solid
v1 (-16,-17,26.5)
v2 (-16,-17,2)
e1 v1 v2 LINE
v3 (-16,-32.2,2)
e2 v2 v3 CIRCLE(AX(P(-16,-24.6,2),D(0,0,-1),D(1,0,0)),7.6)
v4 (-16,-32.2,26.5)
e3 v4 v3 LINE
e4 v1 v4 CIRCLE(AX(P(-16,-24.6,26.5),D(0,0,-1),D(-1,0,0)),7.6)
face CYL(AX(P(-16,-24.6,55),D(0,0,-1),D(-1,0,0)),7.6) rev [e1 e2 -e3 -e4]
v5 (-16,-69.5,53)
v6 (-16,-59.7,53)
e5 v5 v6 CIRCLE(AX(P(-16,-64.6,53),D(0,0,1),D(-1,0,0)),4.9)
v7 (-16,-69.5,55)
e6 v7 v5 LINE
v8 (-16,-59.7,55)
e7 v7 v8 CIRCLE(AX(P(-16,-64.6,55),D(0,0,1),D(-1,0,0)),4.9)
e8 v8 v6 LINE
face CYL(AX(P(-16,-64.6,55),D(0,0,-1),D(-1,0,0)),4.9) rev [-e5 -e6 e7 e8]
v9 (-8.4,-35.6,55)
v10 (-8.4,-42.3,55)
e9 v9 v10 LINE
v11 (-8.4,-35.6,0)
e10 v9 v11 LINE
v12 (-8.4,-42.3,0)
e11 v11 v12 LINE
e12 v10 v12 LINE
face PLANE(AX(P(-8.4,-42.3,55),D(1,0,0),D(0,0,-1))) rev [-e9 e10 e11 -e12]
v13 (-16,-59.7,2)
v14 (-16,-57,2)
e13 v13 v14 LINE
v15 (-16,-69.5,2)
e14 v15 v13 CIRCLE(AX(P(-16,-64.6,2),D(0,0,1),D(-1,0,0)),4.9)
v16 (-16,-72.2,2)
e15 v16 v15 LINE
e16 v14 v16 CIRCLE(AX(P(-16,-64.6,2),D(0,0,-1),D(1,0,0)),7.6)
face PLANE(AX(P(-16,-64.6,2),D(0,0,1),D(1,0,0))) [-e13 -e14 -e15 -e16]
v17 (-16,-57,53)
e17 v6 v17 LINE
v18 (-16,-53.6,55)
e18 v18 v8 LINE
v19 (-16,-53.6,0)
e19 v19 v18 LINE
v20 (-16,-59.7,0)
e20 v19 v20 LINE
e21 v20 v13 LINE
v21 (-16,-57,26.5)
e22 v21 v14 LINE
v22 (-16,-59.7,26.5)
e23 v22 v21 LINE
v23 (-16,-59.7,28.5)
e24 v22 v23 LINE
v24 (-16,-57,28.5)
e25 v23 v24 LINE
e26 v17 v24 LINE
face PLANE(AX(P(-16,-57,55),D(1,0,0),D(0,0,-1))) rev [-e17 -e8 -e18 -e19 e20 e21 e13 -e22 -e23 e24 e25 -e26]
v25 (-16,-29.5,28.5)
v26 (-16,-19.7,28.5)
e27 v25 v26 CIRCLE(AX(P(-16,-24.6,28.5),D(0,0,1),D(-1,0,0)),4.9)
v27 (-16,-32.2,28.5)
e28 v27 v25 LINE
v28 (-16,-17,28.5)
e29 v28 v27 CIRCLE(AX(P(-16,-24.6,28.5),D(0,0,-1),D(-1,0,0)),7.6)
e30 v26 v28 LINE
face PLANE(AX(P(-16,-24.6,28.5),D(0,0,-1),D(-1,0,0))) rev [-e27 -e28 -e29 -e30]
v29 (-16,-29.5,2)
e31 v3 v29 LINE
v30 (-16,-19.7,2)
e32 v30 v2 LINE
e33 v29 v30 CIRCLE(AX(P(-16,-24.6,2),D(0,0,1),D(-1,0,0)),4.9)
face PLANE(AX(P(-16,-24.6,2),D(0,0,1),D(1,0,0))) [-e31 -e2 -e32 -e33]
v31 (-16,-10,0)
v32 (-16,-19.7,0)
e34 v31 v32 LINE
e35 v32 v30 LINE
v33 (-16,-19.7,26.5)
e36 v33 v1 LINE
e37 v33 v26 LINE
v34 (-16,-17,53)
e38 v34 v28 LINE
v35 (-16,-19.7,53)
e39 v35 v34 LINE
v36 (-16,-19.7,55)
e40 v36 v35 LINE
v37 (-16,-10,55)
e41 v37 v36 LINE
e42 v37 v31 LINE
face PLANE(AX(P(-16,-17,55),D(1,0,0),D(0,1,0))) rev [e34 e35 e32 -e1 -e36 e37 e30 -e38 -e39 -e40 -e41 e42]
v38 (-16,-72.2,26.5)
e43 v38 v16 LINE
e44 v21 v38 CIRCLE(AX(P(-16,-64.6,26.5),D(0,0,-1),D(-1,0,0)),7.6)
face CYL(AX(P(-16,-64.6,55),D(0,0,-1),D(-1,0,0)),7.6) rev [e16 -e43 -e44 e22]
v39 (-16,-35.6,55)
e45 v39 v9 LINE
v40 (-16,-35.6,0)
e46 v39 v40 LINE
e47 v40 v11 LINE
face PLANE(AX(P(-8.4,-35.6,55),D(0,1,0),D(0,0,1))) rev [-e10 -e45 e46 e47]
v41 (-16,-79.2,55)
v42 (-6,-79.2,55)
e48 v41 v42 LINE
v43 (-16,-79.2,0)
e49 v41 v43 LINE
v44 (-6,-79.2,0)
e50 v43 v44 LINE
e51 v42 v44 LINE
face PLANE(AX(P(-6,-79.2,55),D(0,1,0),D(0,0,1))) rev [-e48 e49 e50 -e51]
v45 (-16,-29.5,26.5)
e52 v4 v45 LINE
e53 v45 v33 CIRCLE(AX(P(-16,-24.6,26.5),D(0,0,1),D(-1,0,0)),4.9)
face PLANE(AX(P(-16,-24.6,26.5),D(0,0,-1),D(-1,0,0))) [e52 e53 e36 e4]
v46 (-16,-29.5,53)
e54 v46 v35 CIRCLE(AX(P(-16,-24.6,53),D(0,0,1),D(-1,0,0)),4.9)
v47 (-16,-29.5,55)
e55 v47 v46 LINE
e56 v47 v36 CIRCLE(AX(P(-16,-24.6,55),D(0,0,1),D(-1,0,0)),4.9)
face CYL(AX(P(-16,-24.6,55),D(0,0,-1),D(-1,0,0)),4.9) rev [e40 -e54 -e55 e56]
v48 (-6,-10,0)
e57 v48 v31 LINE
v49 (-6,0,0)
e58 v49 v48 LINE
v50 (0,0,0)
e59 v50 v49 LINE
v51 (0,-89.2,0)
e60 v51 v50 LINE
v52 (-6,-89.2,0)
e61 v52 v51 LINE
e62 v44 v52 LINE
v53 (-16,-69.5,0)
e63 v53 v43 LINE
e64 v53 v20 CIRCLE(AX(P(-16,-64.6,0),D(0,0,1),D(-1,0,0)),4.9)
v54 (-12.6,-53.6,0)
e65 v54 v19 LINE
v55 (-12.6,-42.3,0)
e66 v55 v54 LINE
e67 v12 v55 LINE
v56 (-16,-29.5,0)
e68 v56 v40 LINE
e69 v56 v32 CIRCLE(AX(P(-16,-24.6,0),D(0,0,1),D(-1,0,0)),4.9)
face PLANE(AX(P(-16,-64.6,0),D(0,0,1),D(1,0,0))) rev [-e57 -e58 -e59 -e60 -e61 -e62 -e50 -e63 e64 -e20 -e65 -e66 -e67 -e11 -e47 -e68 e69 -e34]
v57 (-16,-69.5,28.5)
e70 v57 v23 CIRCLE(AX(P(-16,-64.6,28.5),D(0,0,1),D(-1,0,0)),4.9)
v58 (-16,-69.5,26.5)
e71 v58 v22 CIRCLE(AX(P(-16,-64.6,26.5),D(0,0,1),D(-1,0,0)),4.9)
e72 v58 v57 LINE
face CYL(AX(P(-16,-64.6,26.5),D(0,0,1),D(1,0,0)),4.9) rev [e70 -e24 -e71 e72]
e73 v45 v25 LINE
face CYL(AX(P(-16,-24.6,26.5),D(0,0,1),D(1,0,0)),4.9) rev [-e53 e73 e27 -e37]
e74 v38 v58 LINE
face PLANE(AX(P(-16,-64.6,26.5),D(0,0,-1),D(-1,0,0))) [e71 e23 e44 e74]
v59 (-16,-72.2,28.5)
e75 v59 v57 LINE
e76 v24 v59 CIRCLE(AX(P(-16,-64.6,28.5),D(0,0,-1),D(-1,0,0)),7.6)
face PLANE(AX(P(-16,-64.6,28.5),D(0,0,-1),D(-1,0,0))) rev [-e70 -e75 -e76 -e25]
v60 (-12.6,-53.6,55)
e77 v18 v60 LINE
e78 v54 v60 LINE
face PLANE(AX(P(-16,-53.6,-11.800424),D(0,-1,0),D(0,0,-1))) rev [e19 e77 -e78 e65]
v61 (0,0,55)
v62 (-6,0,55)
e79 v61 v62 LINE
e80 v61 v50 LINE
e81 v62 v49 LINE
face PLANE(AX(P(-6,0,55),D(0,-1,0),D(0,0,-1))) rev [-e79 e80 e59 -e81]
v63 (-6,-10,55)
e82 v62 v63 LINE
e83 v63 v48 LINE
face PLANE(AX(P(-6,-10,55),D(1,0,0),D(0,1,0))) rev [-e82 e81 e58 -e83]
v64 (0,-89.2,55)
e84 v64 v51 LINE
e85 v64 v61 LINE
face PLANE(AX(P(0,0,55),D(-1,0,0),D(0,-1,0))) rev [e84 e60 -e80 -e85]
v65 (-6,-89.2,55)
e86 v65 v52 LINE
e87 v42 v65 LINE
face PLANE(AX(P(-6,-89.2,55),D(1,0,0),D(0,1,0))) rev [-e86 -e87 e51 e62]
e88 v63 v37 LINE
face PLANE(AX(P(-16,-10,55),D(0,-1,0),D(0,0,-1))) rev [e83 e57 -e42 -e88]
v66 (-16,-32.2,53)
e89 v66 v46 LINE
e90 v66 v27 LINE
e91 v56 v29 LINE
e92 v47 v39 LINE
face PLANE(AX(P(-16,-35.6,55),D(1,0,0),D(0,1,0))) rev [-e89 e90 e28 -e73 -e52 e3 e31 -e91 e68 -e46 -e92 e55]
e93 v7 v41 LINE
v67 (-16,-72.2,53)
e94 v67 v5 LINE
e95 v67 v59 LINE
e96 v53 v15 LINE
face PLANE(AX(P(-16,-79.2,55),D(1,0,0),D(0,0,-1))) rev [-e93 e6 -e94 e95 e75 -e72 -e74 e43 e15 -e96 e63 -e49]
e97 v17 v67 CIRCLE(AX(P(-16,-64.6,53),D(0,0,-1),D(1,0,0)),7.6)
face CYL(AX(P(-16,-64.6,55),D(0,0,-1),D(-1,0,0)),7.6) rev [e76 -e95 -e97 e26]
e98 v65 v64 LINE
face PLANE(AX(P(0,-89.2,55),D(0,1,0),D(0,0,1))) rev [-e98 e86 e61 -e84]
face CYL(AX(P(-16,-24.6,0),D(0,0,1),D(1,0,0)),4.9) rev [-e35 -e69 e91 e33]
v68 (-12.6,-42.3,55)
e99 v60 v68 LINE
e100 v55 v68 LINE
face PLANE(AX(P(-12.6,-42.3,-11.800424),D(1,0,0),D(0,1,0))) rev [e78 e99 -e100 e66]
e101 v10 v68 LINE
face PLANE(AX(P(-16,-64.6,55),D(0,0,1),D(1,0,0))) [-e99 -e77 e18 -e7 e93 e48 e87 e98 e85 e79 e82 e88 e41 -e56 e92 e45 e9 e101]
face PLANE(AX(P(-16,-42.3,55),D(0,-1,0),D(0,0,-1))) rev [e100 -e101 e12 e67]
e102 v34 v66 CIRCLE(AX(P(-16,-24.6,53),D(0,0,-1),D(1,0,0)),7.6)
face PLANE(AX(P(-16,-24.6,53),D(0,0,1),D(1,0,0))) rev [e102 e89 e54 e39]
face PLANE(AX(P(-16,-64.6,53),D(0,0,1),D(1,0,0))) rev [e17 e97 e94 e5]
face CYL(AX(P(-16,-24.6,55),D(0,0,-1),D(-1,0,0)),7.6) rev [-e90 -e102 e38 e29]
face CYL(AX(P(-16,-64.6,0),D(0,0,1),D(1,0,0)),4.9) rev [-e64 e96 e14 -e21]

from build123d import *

# Parameters (mm, degrees)
BOSS_EXTRUDE1_DEPTH = 55
BOSS_EXTRUDE2_START = 2
BOSS_EXTRUDE2_DEPTH = 2
BOSS_EXTRUDE3_START = 2
BOSS_EXTRUDE3_DEPTH = 2
BOSS_EXTRUDE5_START = 2
BOSS_EXTRUDE5_DEPTH = 2
BOSS_EXTRUDE6_DEPTH = 2
SKETCH7_W           = 3.4
SKETCH7_H           = 11.3
CUT_EXTRUDE2_DEPTH  = 55


with BuildPart() as part:
    # Sketch1 → Boss-Extrude1 (new body)
    with BuildSketch(Plane.XY):
        with BuildLine():
            Line((0, 0), (0, -89.2))
            Line((0, -89.2), (-6, -89.2))
            Line((-6, -89.2), (-6, -79.2))
            Line((-6, -79.2), (-16, -79.2))
            Line((-16, -79.2), (-16, -72.2))
            ThreePointArc((-16, -72.2), (-8.4, -64.6), (-16, -57))
            Line((-16, -57), (-16, -42.3))
            Line((-16, -42.3), (-8.4, -42.3))
            Line((-8.4, -42.3), (-8.4, -35.6))
            Line((-8.4, -35.6), (-16, -35.6))
            Line((-16, -35.6), (-16, -32.2))
            ThreePointArc((-16, -32.2), (-8.4, -24.6), (-16, -17))
            Line((-16, -17), (-16, -10))
            Line((-16, -10), (-6, -10))
            Line((-6, -10), (-6, 0))
            Line((-6, 0), (0, 0))
        make_face()
    extrude(amount=BOSS_EXTRUDE1_DEPTH)

    # Sketch2 → Boss-Extrude2 (add)
    with BuildSketch(Plane(origin=(0, 0, 28.5), x_dir=(-1, 0, 0), z_dir=(0, 0, -1)).offset(BOSS_EXTRUDE2_START)):
        with BuildLine():
            Line((16, -32.2), (16, -29.5))
            ThreePointArc((16, -29.5), (11.1, -24.6), (16, -19.7))
            Line((16, -19.7), (16, -17))
            ThreePointArc((16, -17), (8.4, -24.6), (16, -32.2))
        make_face()
    extrude(amount=-BOSS_EXTRUDE2_DEPTH)

    # Sketch3 → Boss-Extrude3 (add)
    with BuildSketch(Plane(origin=(0, 0, 28.5), x_dir=(-1, 0, 0), z_dir=(0, 0, -1)).offset(BOSS_EXTRUDE3_START)):
        with BuildLine():
            Line((16, -72.2), (16, -69.5))
            ThreePointArc((16, -69.5), (11.1, -64.6), (16, -59.7))
            Line((16, -59.7), (16, -57))
            ThreePointArc((16, -57), (8.4, -64.6), (16, -72.2))
        make_face()
    extrude(amount=-BOSS_EXTRUDE3_DEPTH)

    # Sketch4 → Boss-Extrude5 (add)
    with BuildSketch(Plane(origin=(0, 0, 2), x_dir=(-1, 0, 0), z_dir=(0, 0, -1)).offset(BOSS_EXTRUDE5_START)):
        with BuildLine():
            Line((16, -57), (16, -59.7))
            ThreePointArc((16, -59.7), (11.1, -64.6), (16, -69.5))
            Line((16, -69.5), (16, -72.2))
            ThreePointArc((16, -72.2), (8.4, -64.6), (16, -57))
        make_face()
        with BuildLine():
            Line((16, -17), (16, -19.7))
            ThreePointArc((16, -19.7), (11.1, -24.6), (16, -29.5))
            Line((16, -29.5), (16, -32.2))
            ThreePointArc((16, -32.2), (8.4, -24.6), (16, -17))
        make_face()
    extrude(amount=-BOSS_EXTRUDE5_DEPTH)

    # Sketch5 → Boss-Extrude6 (add)
    with BuildSketch(Plane(origin=(0, 0, 53), x_dir=(-1, 0, 0), z_dir=(0, 0, -1))):
        with BuildLine():
            Line((16, -17), (16, -19.7))
            ThreePointArc((16, -19.7), (11.1, -24.6), (16, -29.5))
            Line((16, -29.5), (16, -32.2))
            ThreePointArc((16, -32.2), (8.4, -24.6), (16, -17))
        make_face()
        with BuildLine():
            Line((16, -57), (16, -59.7))
            ThreePointArc((16, -59.7), (11.1, -64.6), (16, -69.5))
            Line((16, -69.5), (16, -72.2))
            ThreePointArc((16, -72.2), (8.4, -64.6), (16, -57))
        make_face()
    extrude(amount=-BOSS_EXTRUDE6_DEPTH)

    # Sketch7 → Cut-Extrude2 (cut)
    with BuildSketch(Plane.XY.offset(55)):
        with Locations((-14.3, -47.95)):
            Rectangle(SKETCH7_W, SKETCH7_H)
    extrude(amount=-CUT_EXTRUDE2_DEPTH, mode=Mode.SUBTRACT)


solid = part.part
